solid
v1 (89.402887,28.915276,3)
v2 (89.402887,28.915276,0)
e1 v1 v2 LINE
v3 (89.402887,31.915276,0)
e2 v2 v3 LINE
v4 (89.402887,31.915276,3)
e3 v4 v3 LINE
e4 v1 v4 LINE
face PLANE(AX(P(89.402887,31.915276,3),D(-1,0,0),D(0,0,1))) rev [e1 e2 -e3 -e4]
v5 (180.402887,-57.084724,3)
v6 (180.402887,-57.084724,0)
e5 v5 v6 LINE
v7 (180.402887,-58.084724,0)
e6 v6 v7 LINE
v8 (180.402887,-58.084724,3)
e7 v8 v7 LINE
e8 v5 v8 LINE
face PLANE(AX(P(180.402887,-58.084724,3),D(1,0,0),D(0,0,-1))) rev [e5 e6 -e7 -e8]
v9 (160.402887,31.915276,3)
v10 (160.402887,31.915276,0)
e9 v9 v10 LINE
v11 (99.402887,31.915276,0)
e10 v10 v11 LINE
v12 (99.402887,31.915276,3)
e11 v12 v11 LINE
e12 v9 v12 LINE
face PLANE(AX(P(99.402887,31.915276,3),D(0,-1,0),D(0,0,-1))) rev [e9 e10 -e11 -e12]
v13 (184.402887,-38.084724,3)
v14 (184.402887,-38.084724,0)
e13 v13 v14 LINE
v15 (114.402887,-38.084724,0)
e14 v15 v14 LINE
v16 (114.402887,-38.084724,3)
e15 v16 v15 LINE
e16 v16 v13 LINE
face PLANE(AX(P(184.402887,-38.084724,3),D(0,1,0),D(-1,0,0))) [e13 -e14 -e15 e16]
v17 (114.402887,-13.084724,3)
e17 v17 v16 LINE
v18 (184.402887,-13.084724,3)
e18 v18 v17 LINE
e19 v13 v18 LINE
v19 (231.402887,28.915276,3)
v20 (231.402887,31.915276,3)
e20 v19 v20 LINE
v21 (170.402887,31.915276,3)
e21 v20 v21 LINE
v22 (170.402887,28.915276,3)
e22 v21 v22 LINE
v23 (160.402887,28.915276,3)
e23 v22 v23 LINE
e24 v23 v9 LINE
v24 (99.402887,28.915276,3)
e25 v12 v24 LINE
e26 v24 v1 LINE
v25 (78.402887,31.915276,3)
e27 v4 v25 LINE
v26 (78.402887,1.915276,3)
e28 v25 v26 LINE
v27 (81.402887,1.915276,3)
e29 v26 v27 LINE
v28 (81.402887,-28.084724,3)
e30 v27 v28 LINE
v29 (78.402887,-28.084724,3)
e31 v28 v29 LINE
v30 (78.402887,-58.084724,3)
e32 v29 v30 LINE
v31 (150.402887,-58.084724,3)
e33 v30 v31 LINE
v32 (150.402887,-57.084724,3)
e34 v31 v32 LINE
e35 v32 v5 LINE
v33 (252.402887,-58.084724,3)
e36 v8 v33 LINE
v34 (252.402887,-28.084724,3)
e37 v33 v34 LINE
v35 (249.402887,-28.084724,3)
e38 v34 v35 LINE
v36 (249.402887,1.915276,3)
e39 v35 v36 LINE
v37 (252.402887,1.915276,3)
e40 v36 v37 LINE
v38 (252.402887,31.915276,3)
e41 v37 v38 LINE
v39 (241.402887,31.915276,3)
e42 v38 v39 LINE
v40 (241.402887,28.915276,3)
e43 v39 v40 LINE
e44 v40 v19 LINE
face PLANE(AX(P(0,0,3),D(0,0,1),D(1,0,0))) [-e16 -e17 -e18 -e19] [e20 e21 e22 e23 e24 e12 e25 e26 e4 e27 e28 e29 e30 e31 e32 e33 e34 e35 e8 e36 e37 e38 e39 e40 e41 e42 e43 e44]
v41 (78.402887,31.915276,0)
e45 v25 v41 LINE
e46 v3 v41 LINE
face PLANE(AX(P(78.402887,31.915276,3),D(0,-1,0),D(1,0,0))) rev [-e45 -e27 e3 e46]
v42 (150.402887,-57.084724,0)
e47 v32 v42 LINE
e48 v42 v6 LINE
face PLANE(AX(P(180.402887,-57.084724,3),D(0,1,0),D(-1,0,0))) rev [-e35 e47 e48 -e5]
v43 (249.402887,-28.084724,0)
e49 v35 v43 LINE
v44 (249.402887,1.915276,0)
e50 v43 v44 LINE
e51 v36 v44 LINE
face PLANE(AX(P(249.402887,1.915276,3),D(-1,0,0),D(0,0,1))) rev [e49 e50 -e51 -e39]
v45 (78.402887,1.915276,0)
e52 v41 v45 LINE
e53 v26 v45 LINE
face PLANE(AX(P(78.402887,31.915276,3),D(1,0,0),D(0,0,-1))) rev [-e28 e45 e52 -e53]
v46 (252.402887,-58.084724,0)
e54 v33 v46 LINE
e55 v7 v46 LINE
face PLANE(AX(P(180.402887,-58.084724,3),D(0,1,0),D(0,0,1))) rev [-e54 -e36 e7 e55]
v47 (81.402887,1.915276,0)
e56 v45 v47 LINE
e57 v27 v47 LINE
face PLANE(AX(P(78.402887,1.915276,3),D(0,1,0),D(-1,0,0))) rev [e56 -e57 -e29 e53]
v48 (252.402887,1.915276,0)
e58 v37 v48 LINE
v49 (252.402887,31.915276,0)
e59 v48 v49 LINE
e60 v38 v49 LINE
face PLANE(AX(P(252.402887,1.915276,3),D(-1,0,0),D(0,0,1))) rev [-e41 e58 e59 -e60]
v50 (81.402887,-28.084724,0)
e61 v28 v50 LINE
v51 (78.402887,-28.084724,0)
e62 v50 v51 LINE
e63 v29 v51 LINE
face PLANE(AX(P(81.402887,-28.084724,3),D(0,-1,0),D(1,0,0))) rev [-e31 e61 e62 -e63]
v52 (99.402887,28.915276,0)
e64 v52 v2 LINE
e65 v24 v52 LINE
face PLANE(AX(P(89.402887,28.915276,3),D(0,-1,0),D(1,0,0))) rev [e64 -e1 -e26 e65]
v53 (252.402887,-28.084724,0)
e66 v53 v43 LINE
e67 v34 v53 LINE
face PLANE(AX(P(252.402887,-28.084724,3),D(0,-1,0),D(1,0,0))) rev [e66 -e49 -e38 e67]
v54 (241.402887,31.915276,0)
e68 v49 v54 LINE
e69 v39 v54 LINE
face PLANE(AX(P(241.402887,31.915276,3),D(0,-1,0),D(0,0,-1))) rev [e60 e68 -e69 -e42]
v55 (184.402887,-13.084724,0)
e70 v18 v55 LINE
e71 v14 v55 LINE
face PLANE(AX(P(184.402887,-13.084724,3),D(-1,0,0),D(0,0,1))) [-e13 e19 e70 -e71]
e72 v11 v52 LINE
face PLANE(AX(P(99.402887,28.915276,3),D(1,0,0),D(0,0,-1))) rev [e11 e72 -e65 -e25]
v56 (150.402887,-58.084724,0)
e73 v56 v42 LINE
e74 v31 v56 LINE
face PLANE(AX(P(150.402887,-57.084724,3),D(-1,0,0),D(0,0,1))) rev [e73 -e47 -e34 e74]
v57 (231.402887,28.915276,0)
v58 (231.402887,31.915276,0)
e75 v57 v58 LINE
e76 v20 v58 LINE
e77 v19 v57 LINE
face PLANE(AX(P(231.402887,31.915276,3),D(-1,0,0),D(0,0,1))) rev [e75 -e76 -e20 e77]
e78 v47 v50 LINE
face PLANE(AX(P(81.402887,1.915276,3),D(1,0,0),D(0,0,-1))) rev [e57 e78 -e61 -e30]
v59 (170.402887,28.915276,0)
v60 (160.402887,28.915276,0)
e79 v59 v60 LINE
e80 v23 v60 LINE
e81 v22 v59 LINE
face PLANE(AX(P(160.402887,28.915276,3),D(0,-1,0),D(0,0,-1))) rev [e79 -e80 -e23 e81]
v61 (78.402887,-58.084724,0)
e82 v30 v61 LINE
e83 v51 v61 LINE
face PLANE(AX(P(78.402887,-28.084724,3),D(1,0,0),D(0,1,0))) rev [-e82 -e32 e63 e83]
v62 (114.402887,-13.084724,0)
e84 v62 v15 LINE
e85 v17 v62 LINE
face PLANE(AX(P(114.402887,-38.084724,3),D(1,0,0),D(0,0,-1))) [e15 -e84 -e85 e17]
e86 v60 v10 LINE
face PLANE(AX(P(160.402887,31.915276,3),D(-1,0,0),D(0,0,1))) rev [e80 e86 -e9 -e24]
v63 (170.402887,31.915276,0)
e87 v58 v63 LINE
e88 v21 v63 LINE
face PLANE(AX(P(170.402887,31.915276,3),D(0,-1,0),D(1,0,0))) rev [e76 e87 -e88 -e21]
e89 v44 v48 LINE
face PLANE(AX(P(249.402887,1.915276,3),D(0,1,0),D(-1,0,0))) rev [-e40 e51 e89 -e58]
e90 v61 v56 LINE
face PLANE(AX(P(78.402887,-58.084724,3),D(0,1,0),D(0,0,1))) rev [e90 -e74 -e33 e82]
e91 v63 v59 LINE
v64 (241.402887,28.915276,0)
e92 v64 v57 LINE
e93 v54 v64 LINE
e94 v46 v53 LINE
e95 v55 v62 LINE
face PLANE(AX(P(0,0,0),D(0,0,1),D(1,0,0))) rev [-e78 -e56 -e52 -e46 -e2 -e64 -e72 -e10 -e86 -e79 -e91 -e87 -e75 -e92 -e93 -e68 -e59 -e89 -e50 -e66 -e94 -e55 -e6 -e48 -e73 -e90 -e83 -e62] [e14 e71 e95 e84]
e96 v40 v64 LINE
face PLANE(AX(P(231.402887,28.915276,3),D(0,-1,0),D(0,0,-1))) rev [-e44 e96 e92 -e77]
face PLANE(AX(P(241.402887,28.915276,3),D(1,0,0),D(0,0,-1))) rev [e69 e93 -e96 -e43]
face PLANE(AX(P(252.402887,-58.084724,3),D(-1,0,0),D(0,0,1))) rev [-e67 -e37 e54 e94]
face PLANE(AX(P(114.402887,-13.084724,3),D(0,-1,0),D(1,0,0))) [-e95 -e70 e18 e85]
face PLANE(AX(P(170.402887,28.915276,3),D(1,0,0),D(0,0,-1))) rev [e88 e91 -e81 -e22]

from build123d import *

# Parameters (mm, degrees)
MODEL_W             = 70
MODEL_H             = 25
BOSS_EXTRUDE1_DEPTH = 3


with BuildPart() as part:
    # Model → Boss-Extrude1 (new body)
    with BuildSketch(Plane.XY):
        Polygon((249.402887008, 1.915275896), (249.402887008, -28.084724104), (252.402887008, -28.084724104), (252.402887008, -58.084724104), (180.402887008, -58.084724104), (180.402887008, -57.084724104), (150.402887008, -57.084724104), (150.402887008, -58.084724104), (78.402887008, -58.084724104), (78.402887008, -28.084724104), (81.402887008, -28.084724104), (81.402887008, 1.915275896), (78.402887008, 1.915275896), (78.402887008, 31.915275896), (89.402887008, 31.915275896), (89.402887008, 28.915275896), (99.402887008, 28.915275896), (99.402887008, 31.915275896), (160.402887008, 31.915275896), (160.402887008, 28.915275896), (170.402887008, 28.915275896), (170.402887008, 31.915275896), (231.402887008, 31.915275896), (231.402887008, 28.915275896), (241.402887008, 28.915275896), (241.402887008, 31.915275896), (252.402887008, 31.915275896), (252.402887008, 1.915275896), align=None)
        with Locations((149.402887008, -25.584724104)):
            Rectangle(MODEL_W, MODEL_H, mode=Mode.SUBTRACT)
    extrude(amount=BOSS_EXTRUDE1_DEPTH)


solid = part.part
